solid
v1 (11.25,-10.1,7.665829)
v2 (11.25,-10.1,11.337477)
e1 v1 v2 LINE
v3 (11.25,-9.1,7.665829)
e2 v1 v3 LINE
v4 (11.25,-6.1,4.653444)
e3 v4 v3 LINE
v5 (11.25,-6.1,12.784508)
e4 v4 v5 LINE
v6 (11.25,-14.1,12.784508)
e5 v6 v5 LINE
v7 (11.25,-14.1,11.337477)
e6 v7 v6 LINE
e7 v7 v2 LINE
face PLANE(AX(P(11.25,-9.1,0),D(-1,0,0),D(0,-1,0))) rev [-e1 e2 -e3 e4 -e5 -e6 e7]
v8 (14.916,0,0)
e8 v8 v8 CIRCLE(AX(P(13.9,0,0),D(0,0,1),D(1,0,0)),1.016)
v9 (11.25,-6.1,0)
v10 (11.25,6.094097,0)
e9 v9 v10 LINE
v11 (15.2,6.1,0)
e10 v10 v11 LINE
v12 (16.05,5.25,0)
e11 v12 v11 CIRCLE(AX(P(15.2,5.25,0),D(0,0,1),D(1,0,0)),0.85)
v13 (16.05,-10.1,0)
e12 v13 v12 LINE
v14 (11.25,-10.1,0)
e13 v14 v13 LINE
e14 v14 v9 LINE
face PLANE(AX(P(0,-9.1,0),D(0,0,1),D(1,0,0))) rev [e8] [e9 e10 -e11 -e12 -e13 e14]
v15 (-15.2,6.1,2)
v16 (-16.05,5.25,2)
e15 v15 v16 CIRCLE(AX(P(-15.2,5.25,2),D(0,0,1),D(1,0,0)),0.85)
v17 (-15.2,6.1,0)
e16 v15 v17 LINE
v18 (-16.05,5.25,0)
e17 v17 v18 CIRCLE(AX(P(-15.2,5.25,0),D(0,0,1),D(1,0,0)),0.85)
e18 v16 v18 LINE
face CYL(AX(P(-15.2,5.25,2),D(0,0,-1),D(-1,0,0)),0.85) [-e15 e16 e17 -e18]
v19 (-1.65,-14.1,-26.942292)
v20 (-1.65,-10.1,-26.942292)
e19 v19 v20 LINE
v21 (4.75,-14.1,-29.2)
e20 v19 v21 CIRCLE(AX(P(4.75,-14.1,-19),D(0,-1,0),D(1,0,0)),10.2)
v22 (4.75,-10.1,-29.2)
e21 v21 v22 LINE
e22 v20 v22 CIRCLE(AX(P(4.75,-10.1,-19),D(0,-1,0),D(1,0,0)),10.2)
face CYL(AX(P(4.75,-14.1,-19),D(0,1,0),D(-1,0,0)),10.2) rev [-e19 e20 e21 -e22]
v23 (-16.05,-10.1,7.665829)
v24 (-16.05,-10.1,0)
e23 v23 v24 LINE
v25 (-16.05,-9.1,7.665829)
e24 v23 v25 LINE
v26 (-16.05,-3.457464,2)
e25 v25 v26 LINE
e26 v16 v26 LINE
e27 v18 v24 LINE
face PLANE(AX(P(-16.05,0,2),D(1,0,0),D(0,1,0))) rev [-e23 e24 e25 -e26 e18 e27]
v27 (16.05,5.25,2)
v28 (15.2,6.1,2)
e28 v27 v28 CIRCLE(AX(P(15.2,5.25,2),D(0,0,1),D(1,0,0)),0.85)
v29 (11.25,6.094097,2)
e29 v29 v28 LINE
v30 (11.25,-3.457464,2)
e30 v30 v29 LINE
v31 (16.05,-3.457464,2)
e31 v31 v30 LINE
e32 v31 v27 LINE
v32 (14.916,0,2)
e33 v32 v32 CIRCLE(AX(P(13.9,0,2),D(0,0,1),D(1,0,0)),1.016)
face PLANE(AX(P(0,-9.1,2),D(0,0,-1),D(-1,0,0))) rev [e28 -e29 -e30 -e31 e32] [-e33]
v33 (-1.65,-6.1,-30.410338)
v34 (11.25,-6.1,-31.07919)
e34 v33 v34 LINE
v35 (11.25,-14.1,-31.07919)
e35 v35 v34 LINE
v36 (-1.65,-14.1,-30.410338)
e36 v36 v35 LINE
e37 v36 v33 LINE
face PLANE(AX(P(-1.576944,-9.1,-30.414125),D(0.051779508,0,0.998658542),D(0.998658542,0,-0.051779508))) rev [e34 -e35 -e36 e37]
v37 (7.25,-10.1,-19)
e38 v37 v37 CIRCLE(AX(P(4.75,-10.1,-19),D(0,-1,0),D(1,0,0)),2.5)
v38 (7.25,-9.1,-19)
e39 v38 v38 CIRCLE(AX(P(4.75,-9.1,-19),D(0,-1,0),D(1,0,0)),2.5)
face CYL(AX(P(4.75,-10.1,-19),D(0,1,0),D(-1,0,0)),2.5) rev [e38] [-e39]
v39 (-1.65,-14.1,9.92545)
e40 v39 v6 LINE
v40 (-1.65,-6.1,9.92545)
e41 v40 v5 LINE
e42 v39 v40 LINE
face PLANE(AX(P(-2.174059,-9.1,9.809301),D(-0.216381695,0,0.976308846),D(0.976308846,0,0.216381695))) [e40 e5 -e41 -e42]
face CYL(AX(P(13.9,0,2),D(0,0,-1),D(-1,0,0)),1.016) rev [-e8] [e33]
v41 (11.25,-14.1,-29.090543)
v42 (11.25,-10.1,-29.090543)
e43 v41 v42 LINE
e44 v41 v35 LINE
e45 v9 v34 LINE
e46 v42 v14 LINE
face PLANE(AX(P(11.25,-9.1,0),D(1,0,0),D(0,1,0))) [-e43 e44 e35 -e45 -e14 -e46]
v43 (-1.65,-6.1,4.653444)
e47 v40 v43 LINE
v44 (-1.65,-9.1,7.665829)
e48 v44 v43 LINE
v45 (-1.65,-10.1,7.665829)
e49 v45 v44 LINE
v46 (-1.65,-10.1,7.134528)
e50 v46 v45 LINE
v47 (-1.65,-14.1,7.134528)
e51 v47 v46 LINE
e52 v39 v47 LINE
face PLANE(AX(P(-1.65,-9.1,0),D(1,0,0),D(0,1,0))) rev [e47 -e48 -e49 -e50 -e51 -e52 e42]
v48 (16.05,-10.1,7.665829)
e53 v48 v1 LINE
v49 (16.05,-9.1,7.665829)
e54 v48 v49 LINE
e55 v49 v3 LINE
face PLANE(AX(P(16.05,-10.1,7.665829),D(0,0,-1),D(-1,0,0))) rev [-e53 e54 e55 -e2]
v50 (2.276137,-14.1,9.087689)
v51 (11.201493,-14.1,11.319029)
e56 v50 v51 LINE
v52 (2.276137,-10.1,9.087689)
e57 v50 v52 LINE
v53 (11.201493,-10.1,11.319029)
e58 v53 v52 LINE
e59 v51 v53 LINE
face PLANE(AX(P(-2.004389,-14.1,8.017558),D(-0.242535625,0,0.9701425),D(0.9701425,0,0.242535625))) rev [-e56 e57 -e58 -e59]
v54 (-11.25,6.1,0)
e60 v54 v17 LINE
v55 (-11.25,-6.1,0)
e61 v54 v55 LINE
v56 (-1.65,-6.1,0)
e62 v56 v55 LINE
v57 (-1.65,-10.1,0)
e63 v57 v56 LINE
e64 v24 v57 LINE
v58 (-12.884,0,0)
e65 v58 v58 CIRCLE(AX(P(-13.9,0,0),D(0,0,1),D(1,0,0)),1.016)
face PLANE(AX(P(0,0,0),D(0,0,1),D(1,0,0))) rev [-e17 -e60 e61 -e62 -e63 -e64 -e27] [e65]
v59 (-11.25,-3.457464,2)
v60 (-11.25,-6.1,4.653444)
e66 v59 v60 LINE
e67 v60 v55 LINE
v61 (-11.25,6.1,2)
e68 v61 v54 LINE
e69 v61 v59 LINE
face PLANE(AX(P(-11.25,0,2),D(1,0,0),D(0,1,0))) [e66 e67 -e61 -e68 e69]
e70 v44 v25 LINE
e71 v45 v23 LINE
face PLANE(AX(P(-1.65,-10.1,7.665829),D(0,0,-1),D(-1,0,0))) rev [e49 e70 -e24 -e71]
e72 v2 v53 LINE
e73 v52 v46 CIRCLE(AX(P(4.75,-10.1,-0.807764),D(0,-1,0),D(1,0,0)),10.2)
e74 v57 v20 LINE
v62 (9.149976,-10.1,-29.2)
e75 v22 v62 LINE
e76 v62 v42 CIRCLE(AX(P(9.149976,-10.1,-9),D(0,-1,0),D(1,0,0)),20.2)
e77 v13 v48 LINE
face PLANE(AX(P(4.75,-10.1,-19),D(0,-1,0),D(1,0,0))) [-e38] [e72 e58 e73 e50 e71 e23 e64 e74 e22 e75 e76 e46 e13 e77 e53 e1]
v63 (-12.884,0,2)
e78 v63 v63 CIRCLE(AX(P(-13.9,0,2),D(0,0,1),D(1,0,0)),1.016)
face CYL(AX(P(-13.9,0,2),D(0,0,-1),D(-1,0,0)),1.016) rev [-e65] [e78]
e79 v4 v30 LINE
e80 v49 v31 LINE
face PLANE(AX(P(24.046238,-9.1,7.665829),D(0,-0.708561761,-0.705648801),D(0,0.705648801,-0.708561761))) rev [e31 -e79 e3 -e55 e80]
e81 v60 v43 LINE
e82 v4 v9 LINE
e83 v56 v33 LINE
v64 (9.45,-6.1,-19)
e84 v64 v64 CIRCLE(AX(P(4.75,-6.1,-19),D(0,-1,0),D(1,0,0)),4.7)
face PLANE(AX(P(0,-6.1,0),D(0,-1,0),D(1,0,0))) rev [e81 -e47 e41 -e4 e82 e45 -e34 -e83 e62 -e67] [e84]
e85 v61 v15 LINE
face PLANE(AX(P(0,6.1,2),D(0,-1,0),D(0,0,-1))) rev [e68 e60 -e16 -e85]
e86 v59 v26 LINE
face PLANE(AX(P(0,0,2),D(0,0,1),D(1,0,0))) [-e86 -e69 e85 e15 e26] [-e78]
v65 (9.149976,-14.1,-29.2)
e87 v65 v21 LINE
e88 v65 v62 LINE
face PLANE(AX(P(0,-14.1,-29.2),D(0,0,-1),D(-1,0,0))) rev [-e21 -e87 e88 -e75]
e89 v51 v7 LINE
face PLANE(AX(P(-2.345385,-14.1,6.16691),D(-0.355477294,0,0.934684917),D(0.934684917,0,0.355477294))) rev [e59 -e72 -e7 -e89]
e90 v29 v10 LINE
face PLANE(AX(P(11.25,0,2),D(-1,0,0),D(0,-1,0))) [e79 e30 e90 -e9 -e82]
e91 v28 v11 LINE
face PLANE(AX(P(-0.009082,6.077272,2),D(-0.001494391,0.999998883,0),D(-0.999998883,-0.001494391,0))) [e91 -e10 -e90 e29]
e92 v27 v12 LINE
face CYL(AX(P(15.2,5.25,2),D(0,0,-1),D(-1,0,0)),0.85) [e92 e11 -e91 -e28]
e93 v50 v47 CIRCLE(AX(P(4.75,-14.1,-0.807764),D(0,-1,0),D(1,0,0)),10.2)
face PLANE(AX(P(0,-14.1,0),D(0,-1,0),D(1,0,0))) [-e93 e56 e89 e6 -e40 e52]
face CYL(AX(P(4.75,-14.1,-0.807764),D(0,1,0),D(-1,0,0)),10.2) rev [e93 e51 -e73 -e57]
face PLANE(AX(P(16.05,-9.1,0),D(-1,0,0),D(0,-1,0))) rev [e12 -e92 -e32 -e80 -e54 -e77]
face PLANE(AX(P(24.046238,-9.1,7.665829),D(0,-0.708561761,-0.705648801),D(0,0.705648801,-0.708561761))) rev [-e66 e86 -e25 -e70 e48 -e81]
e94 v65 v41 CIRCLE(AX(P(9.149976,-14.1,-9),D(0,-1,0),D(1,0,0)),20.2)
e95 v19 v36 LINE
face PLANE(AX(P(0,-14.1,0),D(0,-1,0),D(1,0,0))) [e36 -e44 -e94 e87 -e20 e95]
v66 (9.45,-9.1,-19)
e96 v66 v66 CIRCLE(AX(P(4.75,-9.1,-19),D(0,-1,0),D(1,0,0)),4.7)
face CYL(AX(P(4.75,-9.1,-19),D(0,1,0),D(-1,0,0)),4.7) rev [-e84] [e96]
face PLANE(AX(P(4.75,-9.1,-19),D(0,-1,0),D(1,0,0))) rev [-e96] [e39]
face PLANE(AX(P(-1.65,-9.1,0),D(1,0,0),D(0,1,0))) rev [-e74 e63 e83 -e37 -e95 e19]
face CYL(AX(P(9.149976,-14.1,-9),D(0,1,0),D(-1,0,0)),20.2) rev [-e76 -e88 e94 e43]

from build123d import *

# Parameters (mm, degrees)
SKETCH1_R                       = 1.016
BOSS_EXTRUDE1_DEPTH             = 2
SKETCH2_R                       = 4.7
BOSS_EXTRUDE2_DEPTH             = 3
BOSS_EXTRUDE5_DEPTH             = 8
BOSS_EXTRUDE6_REACH             = 45.704
BOSS_EXTRUDE6_DIRECTION_2_REACH = 45.704
SKETCH4_W                       = 22.5
SKETCH4_H                       = 14.127681706
CUT_EXTRUDE1_DEPTH              = 7
SKETCH5_R                       = 2.5
BOSS_EXTRUDE7_DEPTH             = 1


with BuildPart() as part:
    # Sketch1 → Boss-Extrude1 (new body)
    # profile 1 of 4: a face of its own
    with BuildSketch(Plane.XY):
        with BuildLine():
            Line((-16.05, 5.25), (-16.05, -5.25))
            ThreePointArc((-16.05, -5.25), (-15.801040764, -5.851040764), (-15.2, -6.1))
            Line((-15.2, -6.1), (-11.25, -6.1))
            Line((-11.25, -6.1), (-11.25, 6.1))
            Line((-11.25, 6.1), (-15.2, 6.1))
            ThreePointArc((-15.2, 6.1), (-15.801040764, 5.851040764), (-16.05, 5.25))
        make_face()
        with Locations((-13.9, 0)):
            Circle(SKETCH1_R, mode=Mode.SUBTRACT)
    # profile 2 of 4: a face of its own
    with BuildSketch(Plane.XY):
        with BuildLine():
            Line((16.05, 5.25), (16.05, -5.25))
            ThreePointArc((16.05, -5.25), (15.801040764, -5.851040764), (15.2, -6.1))
            Line((15.2, -6.1), (11.25, -6.1))
            Line((11.25, -6.1), (11.25, 6.094097151))
            Line((11.25, 6.094097151), (15.2, 6.1))
            ThreePointArc((15.2, 6.1), (15.801040764, 5.851040764), (16.05, 5.25))
        make_face()
        with Locations((13.9, 0)):
            Circle(SKETCH1_R, mode=Mode.SUBTRACT)
    # profile 3 of 4: a face of its own
    with BuildSketch(Plane.XY):
        with BuildLine():
            ThreePointArc((15.2, -6.1), (15.801040764, -5.851040764), (16.05, -5.25))
            Line((16.05, -5.25), (16.05, -6.1))
            Line((16.05, -6.1), (15.2, -6.1))
        make_face()
    # profile 4 of 4: a face of its own
    with BuildSketch(Plane.XY):
        with BuildLine():
            ThreePointArc((-16.05, -5.25), (-15.801040764, -5.851040764), (-15.2, -6.1))
            Line((-15.2, -6.1), (-16.05, -6.1))
            Line((-16.05, -6.1), (-16.05, -5.25))
        make_face()
    extrude(amount=BOSS_EXTRUDE1_DEPTH)

    # Sketch2 → Boss-Extrude2 (add)
    with BuildSketch(Plane.XZ.offset(6.1)):
        Polygon((16.05, 2), (11.25, 2), (11.25, 12.784507897), (-1.65, 9.925449639), (-1.65, 2), (-16.05, 2), (-16.05, 0), (-1.65, 0), (-1.65, -30.41033757), (11.25, -31.079190458), (11.25, 0), (16.05, 0), align=None)
        with Locations((4.75, -19)):
            Circle(SKETCH2_R, mode=Mode.SUBTRACT)
    extrude(amount=BOSS_EXTRUDE2_DEPTH)

    # Sketch2<3> → Boss-Extrude5 (add)
    with BuildSketch(Plane.XZ.offset(6.1)):
        with BuildLine():
            Line((11.201492875, 11.3190285), (11.25, 11.337476622))
            Line((11.25, 11.337476622), (11.25, 12.784507897))
            Line((11.25, 12.784507897), (-1.65, 9.925449639))
            Line((-1.65, 9.925449639), (-1.65, 7.134527797))
            ThreePointArc((-1.65, 7.134527797), (0.2068653, 8.32459199), (2.276136625, 9.087689437))
            Line((2.276136625, 9.087689437), (11.201492875, 11.3190285))
        make_face()
        with BuildLine():
            ThreePointArc((4.75, -29.2), (1.356725547, -28.619027419), (-1.65, -26.942291861))
            Line((-1.65, -26.942291861), (-1.65, -30.41033757))
            Line((-1.65, -30.41033757), (11.25, -31.079190458))
            Line((11.25, -31.079190458), (11.25, -29.090542554))
            ThreePointArc((11.25, -29.090542554), (10.201413429, -29.172617079), (9.149976222, -29.2))
            Line((9.149976222, -29.2), (4.75, -29.2))
        make_face()
    extrude(amount=BOSS_EXTRUDE5_DEPTH)

    # Boss-Extrude6: up to this face of the body (flat: up to its plane)
    boss_extrude6_end = Plane(part.part.faces().sort_by_distance((16.05, -1.925, 1))[0])
    # Sketch3 → Boss-Extrude6 (add, up to the picked face)
    with BuildSketch(Plane(origin=(11.25, 0, 0), x_dir=(0, 0, -1), z_dir=(1, 0, 0)), mode=Mode.PRIVATE) as boss_extrude6_sk1:
        Polygon((-7.665828596, -9.1), (-2, -3.457464127), (-2, -9.1), align=None)
    boss_extrude6_tool1 = split(extrude(boss_extrude6_sk1.sketch, amount=BOSS_EXTRUDE6_REACH, mode=Mode.PRIVATE), bisect_by=boss_extrude6_end, keep=Keep.BOTH, mode=Mode.PRIVATE)
    add(boss_extrude6_tool1.solids().sort_by(Axis((11.25, -7.219155, 3.88861), (1, 0, 0)))[0])

    # Boss-Extrude6 direction 2: up to this face of the body (flat: up to its plane)
    boss_extrude6_direction_2_end = Plane(part.part.faces().sort_by_distance((-16.05, -1.925, 1))[0])
    # Sketch3 → Boss-Extrude6 direction 2 (add, up to the picked face)
    with BuildSketch(Plane(origin=(11.25, 0, 0), x_dir=(0, 0, -1), z_dir=(1, 0, 0)), mode=Mode.PRIVATE) as boss_extrude6_direction_2_sk1:
        Polygon((-7.665828596, -9.1), (-2, -3.457464127), (-2, -9.1), align=None)
    boss_extrude6_direction_2_tool1 = split(extrude(boss_extrude6_direction_2_sk1.sketch, amount=-BOSS_EXTRUDE6_DIRECTION_2_REACH, mode=Mode.PRIVATE), bisect_by=boss_extrude6_direction_2_end, keep=Keep.BOTH, mode=Mode.PRIVATE)
    add(boss_extrude6_direction_2_tool1.solids().sort_by(Axis((11.25, -7.219155, 3.88861), (-1, 0, 0)))[0])

    # Sketch4 → Cut-Extrude1 (cut)
    with BuildSketch(Plane(origin=(0, -6.1, 0), x_dir=(1, 0, 0), z_dir=(0, 1, 0))):
        with Locations((0, -7.063840853)):
            Rectangle(SKETCH4_W, SKETCH4_H)
    extrude(amount=CUT_EXTRUDE1_DEPTH, mode=Mode.SUBTRACT)

    # Sketch5 → Boss-Extrude7 (add)
    with BuildSketch(Plane.XZ.offset(9.1)):
        with BuildLine():
            Line((-1.65, 0), (-1.65, -26.942291861))
            ThreePointArc((-1.65, -26.942291861), (1.356725547, -28.619027419), (4.75, -29.2))
            Line((4.75, -29.2), (9.149976222, -29.2))
            ThreePointArc((9.149976222, -29.2), (10.201413429, -29.172617079), (11.25, -29.090542554))
            Line((11.25, -29.090542554), (11.25, 0))
            Line((11.25, 0), (16.05, 0))
            Line((16.05, 0), (16.05, 7.665828596))
            Line((16.05, 7.665828596), (11.25, 7.665828596))
            Line((11.25, 7.665828596), (11.25, 11.337476622))
            Line((11.25, 11.337476622), (11.201492875, 11.3190285))
            Line((11.201492875, 11.3190285), (2.276136625, 9.087689437))
            ThreePointArc((2.276136625, 9.087689437), (0.2068653, 8.32459199), (-1.65, 7.134527797))
            Line((-1.65, 7.134527797), (-1.65, 7.665828596))
            Line((-1.65, 7.665828596), (-16.05, 7.665828596))
            Line((-16.05, 7.665828596), (-16.05, 0))
            Line((-16.05, 0), (-1.65, 0))
        make_face()
        with Locations((4.75, -19)):
            Circle(SKETCH5_R, mode=Mode.SUBTRACT)
    extrude(amount=BOSS_EXTRUDE7_DEPTH)


solid = part.part
